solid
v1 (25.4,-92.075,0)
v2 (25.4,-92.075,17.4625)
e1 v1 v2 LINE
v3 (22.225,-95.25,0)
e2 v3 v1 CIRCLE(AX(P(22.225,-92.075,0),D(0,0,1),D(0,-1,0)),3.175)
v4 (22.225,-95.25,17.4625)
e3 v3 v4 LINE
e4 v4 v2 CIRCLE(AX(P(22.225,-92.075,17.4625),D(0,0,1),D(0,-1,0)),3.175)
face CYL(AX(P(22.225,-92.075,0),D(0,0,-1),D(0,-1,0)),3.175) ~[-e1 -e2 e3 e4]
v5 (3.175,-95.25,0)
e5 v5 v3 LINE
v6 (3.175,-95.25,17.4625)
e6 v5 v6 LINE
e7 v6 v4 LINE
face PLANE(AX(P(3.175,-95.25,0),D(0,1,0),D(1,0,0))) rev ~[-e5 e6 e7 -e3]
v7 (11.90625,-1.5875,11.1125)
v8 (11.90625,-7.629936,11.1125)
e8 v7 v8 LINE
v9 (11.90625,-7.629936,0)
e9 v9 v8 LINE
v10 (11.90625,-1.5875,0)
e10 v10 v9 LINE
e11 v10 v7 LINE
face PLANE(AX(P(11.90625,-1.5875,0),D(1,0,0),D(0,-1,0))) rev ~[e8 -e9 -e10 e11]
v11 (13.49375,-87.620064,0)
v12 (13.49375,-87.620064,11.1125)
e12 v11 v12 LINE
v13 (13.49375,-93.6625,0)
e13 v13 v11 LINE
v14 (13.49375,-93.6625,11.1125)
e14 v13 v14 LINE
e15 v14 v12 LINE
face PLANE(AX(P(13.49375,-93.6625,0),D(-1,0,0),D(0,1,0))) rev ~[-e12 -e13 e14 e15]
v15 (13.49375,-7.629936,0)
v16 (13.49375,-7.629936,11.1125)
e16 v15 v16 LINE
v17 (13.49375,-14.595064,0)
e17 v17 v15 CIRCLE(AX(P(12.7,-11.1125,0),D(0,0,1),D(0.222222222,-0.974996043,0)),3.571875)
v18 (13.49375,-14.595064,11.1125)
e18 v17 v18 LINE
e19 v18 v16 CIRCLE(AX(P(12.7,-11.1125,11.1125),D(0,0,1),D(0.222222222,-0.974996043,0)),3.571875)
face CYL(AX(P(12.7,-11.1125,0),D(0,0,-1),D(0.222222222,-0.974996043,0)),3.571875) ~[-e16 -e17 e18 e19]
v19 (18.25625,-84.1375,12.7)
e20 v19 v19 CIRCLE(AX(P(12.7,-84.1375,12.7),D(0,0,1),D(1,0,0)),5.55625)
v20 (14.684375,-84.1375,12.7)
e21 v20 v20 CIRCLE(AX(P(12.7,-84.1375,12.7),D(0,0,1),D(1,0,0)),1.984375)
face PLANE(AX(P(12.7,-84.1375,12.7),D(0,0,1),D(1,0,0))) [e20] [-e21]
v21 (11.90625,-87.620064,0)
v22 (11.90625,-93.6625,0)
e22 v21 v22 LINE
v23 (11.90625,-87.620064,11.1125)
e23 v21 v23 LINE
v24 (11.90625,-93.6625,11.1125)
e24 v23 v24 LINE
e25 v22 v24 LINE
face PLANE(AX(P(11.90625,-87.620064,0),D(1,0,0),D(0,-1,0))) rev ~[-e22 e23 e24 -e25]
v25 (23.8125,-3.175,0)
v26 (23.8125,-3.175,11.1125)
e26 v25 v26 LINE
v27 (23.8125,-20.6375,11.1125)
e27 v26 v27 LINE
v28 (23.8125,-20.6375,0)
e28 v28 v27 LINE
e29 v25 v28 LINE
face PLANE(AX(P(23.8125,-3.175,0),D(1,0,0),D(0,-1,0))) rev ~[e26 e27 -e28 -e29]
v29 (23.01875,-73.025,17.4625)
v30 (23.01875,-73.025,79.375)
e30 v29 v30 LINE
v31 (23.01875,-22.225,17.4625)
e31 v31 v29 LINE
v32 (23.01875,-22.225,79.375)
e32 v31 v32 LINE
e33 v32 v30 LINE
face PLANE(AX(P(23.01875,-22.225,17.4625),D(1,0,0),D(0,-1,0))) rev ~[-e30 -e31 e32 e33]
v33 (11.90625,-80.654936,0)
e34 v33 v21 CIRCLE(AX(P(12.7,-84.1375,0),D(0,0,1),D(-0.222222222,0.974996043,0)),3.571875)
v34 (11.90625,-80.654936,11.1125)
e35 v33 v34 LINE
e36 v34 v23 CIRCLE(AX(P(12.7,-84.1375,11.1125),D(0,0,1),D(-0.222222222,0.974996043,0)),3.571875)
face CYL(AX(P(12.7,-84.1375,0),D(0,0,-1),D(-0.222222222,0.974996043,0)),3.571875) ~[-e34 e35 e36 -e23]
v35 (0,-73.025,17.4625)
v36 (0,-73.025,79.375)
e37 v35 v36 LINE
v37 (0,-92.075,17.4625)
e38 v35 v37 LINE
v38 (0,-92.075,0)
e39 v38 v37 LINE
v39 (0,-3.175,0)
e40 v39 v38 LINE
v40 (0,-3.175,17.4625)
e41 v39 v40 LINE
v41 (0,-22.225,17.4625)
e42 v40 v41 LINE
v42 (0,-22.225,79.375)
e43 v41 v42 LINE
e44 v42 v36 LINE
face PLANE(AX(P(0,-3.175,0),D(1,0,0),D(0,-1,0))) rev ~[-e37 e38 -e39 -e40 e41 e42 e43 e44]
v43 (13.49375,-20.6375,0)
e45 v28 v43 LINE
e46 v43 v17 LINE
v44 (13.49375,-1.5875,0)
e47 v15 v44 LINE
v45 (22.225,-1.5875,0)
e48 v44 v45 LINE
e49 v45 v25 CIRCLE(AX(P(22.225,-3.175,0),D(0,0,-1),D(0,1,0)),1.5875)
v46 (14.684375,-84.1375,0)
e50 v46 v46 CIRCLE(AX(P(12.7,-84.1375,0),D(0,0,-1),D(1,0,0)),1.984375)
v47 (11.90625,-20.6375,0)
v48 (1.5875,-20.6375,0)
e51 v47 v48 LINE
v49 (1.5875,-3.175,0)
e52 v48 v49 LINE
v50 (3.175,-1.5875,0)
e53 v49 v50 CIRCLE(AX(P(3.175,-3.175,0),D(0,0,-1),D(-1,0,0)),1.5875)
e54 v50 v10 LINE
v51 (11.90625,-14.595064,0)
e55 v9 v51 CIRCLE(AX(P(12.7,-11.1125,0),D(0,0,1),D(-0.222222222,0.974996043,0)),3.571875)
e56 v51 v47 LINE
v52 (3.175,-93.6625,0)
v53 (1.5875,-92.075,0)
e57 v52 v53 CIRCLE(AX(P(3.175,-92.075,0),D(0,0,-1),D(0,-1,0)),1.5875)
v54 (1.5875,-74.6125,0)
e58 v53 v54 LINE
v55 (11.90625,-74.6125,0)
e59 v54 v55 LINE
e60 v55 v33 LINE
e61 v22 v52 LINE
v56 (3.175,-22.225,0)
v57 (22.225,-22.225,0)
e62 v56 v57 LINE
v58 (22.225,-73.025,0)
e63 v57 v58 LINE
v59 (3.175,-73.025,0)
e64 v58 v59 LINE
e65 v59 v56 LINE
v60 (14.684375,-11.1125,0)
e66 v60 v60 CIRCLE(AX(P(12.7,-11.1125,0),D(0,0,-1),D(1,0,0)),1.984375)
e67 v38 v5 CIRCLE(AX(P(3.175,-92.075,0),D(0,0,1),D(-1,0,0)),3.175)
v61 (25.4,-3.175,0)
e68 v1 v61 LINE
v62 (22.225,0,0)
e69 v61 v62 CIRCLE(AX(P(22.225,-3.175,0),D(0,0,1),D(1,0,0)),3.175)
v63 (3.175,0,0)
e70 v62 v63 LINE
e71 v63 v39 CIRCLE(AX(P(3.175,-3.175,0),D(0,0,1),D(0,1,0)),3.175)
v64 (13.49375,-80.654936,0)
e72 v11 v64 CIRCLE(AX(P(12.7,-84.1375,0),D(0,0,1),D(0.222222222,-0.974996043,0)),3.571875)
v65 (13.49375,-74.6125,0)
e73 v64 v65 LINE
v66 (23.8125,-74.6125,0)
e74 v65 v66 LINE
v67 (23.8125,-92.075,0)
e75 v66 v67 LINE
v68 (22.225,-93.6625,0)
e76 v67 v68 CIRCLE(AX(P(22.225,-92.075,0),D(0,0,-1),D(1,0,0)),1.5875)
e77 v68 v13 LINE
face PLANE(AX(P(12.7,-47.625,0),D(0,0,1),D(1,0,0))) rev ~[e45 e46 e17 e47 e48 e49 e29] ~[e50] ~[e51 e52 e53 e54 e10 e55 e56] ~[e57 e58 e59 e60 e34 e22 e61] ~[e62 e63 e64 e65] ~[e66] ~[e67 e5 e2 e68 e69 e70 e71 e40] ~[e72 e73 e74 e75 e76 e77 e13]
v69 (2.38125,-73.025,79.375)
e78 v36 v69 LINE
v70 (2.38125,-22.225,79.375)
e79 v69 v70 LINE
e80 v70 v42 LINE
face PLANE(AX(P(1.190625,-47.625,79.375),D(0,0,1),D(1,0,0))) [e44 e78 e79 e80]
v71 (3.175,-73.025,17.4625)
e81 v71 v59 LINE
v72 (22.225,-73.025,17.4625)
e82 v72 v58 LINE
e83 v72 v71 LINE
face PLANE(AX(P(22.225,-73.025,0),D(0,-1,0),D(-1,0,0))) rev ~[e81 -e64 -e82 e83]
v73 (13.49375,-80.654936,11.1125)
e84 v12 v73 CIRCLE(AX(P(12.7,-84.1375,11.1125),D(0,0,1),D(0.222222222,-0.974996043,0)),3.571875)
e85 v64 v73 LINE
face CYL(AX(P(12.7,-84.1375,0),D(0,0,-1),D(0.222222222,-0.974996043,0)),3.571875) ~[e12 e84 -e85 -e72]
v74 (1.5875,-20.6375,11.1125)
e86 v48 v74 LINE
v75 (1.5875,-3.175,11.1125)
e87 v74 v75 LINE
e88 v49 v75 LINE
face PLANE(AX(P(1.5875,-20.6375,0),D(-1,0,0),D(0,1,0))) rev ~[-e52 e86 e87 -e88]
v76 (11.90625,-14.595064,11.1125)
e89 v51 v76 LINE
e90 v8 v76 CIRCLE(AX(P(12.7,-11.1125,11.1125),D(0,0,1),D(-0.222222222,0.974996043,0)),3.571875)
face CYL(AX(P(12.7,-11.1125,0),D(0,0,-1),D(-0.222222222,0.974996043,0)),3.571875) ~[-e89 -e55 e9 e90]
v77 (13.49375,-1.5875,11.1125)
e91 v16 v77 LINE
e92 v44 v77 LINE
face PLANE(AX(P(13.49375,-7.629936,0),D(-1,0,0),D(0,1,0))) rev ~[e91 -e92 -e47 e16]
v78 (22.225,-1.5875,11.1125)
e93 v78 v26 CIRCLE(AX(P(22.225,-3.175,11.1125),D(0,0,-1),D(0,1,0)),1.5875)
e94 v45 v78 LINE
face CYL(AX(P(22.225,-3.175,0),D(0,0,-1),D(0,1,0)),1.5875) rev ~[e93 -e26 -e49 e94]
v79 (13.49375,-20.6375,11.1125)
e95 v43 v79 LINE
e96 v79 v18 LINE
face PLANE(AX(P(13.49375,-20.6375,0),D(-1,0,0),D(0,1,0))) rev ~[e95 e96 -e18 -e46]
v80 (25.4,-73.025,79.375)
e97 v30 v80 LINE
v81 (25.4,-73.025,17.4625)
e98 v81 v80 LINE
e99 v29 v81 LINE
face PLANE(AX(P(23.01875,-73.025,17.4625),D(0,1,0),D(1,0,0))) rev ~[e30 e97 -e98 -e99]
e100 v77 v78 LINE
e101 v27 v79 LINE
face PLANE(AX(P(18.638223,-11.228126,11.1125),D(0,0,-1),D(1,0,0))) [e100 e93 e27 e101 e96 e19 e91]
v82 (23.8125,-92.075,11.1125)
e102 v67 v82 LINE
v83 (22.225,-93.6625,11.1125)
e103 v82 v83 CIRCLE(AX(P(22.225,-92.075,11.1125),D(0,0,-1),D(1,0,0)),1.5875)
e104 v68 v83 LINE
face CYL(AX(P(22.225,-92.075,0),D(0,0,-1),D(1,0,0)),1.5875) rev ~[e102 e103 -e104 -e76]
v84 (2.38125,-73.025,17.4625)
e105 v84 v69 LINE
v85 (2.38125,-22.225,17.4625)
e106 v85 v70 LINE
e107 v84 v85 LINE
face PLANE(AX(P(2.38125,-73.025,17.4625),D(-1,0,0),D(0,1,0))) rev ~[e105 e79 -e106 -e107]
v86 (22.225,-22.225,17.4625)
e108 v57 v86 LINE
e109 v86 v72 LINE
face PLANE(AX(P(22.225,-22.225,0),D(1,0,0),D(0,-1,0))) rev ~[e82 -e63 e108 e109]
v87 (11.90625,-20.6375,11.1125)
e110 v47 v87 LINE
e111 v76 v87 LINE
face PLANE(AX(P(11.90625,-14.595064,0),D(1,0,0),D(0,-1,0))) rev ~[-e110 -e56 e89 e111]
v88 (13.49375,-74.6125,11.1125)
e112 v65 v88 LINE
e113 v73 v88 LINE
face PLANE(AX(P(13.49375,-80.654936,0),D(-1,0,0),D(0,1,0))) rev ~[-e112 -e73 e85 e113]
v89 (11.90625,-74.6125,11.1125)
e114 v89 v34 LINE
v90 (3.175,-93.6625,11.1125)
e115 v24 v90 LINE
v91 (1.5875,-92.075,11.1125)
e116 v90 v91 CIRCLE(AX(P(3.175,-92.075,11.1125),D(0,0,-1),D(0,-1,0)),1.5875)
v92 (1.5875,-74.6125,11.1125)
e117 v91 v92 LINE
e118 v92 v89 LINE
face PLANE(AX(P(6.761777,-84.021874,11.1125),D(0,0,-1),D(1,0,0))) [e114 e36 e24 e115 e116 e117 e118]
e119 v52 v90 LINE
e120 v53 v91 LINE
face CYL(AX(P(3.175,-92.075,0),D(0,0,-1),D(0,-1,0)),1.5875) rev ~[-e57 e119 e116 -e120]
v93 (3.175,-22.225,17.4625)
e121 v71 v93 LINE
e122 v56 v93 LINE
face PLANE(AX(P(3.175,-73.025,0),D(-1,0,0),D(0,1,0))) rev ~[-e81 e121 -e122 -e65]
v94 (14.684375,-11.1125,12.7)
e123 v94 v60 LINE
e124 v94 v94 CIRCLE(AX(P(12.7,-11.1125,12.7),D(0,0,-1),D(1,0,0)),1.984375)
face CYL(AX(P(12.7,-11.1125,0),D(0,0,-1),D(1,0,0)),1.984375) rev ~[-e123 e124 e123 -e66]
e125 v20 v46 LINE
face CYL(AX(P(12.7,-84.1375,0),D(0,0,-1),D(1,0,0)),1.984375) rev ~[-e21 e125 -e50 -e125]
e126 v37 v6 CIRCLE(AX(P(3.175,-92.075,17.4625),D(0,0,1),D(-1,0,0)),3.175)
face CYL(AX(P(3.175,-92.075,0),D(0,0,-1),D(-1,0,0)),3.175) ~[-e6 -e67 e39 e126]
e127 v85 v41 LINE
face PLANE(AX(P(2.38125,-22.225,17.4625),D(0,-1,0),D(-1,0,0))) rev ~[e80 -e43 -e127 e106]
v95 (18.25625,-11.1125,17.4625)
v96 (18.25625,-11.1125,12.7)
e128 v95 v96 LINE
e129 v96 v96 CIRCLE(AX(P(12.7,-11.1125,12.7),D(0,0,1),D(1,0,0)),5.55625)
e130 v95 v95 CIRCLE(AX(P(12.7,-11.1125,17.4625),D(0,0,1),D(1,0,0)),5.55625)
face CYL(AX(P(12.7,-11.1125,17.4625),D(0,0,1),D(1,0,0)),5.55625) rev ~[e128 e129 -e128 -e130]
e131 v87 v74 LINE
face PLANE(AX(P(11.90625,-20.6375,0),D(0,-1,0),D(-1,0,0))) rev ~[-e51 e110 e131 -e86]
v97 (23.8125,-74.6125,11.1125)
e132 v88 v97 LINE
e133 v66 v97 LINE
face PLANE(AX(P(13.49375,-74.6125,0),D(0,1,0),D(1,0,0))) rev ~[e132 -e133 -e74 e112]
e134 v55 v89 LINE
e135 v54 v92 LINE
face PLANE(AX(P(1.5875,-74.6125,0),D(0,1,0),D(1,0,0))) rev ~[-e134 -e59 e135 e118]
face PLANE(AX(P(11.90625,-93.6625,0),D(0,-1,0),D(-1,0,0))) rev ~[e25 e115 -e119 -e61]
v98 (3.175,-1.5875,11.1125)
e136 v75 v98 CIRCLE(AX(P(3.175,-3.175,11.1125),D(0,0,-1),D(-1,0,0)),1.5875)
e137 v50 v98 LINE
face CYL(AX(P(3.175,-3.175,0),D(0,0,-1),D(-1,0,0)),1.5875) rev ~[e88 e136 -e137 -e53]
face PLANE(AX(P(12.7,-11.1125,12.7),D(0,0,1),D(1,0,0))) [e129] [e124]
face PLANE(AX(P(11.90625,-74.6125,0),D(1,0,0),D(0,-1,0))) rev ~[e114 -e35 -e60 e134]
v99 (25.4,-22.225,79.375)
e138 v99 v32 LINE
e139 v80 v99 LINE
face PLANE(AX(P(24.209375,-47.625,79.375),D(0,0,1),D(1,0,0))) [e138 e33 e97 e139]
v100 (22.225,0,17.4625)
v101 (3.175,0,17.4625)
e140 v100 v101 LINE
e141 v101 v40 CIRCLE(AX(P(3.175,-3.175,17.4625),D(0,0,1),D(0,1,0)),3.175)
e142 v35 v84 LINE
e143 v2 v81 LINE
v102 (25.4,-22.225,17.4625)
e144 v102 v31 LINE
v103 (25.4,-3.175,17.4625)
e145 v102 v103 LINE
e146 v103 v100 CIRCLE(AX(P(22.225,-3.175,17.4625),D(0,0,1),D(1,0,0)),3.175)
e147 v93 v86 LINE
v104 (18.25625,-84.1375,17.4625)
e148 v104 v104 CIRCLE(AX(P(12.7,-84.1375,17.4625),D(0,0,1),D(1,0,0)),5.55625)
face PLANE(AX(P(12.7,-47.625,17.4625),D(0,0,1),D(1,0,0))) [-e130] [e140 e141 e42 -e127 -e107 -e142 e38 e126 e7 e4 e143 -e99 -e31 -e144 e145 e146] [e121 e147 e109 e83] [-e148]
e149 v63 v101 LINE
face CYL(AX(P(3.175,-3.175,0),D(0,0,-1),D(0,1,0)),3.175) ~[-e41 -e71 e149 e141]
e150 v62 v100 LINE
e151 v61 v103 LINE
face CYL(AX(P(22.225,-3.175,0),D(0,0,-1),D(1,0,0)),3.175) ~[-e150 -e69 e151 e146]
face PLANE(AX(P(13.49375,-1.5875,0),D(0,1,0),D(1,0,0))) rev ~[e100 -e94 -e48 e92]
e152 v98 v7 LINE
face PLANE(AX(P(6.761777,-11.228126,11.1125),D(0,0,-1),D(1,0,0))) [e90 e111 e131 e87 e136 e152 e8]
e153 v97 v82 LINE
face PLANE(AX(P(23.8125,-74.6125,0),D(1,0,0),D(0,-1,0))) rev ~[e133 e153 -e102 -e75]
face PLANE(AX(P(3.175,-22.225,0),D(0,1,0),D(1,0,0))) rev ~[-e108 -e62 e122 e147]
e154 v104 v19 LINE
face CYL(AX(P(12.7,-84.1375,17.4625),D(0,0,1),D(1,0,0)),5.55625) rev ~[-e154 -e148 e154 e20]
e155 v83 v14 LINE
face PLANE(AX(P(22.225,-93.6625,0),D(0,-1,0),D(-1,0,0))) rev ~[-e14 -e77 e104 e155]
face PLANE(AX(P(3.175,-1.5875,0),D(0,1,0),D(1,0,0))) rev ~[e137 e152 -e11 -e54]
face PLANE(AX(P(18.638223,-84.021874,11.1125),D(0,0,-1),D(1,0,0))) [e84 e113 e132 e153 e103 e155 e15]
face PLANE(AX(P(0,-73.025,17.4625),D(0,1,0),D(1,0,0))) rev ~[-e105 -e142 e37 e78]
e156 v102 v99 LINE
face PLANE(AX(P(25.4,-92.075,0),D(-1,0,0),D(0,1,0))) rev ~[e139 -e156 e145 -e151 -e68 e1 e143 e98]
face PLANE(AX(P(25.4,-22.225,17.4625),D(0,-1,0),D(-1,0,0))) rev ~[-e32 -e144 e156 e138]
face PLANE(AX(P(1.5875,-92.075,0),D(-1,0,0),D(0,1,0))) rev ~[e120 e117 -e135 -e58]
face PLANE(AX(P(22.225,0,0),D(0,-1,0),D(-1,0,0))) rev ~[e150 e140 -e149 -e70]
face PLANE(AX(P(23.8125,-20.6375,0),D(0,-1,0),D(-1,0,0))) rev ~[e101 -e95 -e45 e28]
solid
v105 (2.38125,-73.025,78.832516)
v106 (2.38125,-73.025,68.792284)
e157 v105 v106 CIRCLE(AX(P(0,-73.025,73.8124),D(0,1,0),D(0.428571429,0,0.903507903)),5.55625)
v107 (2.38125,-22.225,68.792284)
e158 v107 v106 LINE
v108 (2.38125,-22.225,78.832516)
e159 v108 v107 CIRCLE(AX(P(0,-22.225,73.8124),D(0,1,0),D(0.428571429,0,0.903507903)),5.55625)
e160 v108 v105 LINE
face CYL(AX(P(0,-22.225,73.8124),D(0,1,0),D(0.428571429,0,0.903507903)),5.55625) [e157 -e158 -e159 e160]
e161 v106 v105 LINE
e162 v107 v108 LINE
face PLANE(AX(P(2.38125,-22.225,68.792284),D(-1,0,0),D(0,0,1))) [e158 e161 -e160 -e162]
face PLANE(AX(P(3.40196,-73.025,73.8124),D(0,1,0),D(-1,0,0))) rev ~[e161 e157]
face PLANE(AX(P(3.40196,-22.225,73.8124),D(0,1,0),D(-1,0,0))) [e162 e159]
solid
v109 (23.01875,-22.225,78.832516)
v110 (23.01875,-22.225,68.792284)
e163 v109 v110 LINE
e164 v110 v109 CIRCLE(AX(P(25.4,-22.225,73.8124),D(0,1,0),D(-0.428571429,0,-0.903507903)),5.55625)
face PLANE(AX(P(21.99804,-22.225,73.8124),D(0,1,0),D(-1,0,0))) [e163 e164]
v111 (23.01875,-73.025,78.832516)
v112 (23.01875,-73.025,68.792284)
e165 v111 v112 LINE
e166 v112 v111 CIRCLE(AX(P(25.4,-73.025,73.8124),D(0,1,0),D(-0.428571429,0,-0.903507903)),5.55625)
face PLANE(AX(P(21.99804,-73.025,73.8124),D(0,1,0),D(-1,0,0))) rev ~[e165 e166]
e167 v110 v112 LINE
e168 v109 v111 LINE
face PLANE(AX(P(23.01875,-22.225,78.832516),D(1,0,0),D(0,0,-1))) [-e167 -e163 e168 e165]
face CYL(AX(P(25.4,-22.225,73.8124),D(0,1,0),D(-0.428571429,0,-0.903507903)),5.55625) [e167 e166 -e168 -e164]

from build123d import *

# Parameters (mm, degrees)
F1_DEPTH  = 17.4625
F3_DEPTH  = 61.9125
F4_R      = 1.984375
F5_DEPTH  = 79.376
F7_DEPTH  = 50.8
F8_DEPTH  = 3.175
F9_R      = 1.984375
F10_DEPTH = 11.1125
F11_R     = 5.55625
F11_R_2   = 1.984375
F12_DEPTH = 4.7625


with BuildPart() as f1:
    # F0 (on Top) → F1 (new body)
    with BuildSketch(Plane.XY):
        with BuildLine():
            Line((22.225, 0), (3.175, 0))
            ThreePointArc((3.175, 0), (0.9299359697, -0.9299359697), (0, -3.175))
            Line((0, -3.175), (0, -92.075))
            ThreePointArc((0, -92.075), (0.9299359697, -94.3200640303), (3.175, -95.25))
            Line((3.175, -95.25), (22.225, -95.25))
            ThreePointArc((22.225, -95.25), (24.4700640303, -94.3200640303), (25.4, -92.075))
            Line((25.4, -92.075), (25.4, -3.175))
            ThreePointArc((25.4, -3.175), (24.4700640303, -0.9299359697), (22.225, 0))
        make_face()
        Polygon((3.175, -22.225), (12.7, -22.225), (22.225, -22.225), (22.225, -47.625), (22.225, -73.025), (12.7, -73.025), (3.175, -73.025), (3.175, -47.625), align=None, mode=Mode.SUBTRACT)
    extrude(amount=F1_DEPTH)

    # F2 (on face) → F3 (join)
    with BuildSketch(Plane.XY.offset(17.4625)):
        Polygon((2.38125, -47.625), (2.38125, -22.225), (0, -22.225), (0, -47.625), (0, -73.025), (2.38125, -73.025), align=None)
        Polygon((25.4, -47.625), (25.4, -22.225), (23.01875, -22.225), (23.01875, -47.625), (23.01875, -73.025), (25.4, -73.025), align=None)
    extrude(amount=F3_DEPTH)

    # F4 (on face) → F5 (cut, through all)
    with BuildSketch(Plane(origin=(0, 0, 0), x_dir=(1, 0, 0), z_dir=(0, 0, -1))):
        with Locations((12.7, 11.1125)):
            Circle(F4_R)
        with Locations((12.7, 84.1375)):
            Circle(F4_R)
    extrude(amount=-F5_DEPTH, mode=Mode.SUBTRACT)

    # F0 (on Top) → F8 (cut)
    with BuildSketch(Plane.XY):
        Polygon((22.225, -22.225), (12.7, -22.225), (3.175, -22.225), (3.175, -47.625), (3.175, -73.025), (12.7, -73.025), (22.225, -73.025), (22.225, -47.625), align=None)
    extrude(amount=F8_DEPTH, mode=Mode.SUBTRACT)

    # F9 (on face) → F10 (cut)
    with BuildSketch(Plane(origin=(0, 0, 0), x_dir=(1, 0, 0), z_dir=(0, 0, -1))):
        with Locations((12.7, 11.1125)):
            Circle(F9_R)
        with Locations((12.7, 84.1375)):
            Circle(F9_R)
        with BuildLine():
            Line((23.8125, 3.175), (23.8125, 20.6375))
            Line((23.8125, 20.6375), (13.49375, 20.6375))
            Line((13.49375, 20.6375), (13.49375, 14.5950639912))
            ThreePointArc((13.49375, 14.5950639912), (16.271875, 11.1125), (13.49375, 7.6299360088))
            Line((13.49375, 7.6299360088), (13.49375, 1.5875))
            Line((13.49375, 1.5875), (22.225, 1.5875))
            ThreePointArc((22.225, 1.5875), (23.3475320151, 2.0524679849), (23.8125, 3.175))
        make_face()
        with BuildLine():
            Line((22.225, 93.6625), (13.49375, 93.6625))
            Line((13.49375, 93.6625), (13.49375, 87.6200639912))
            ThreePointArc((13.49375, 87.6200639912), (16.271875, 84.1375), (13.49375, 80.6549360088))
            Line((13.49375, 80.6549360088), (13.49375, 74.6125))
            Line((13.49375, 74.6125), (23.8125, 74.6125))
            Line((23.8125, 74.6125), (23.8125, 92.075))
            ThreePointArc((23.8125, 92.075), (23.3475320151, 93.1975320151), (22.225, 93.6625))
        make_face()
        with BuildLine():
            ThreePointArc((11.90625, 80.6549360088), (9.128125, 84.1375), (11.90625, 87.6200639912))
            Line((11.90625, 87.6200639912), (11.90625, 93.6625))
            Line((11.90625, 93.6625), (3.175, 93.6625))
            ThreePointArc((3.175, 93.6625), (2.0524679849, 93.1975320151), (1.5875, 92.075))
            Line((1.5875, 92.075), (1.5875, 74.6125))
            Line((1.5875, 74.6125), (11.90625, 74.6125))
            Line((11.90625, 74.6125), (11.90625, 80.6549360088))
        make_face()
        with BuildLine():
            Line((11.90625, 20.6375), (1.5875, 20.6375))
            Line((1.5875, 20.6375), (1.5875, 3.175))
            ThreePointArc((1.5875, 3.175), (2.0524679849, 2.0524679849), (3.175, 1.5875))
            Line((3.175, 1.5875), (11.90625, 1.5875))
            Line((11.90625, 1.5875), (11.90625, 7.6299360088))
            ThreePointArc((11.90625, 7.6299360088), (9.128125, 11.1125), (11.90625, 14.5950639912))
            Line((11.90625, 14.5950639912), (11.90625, 20.6375))
        make_face()
    extrude(amount=-F10_DEPTH, mode=Mode.SUBTRACT)

    # F11 (on face) → F12 (cut)
    with BuildSketch(Plane.XY.offset(17.4625)):
        with Locations((12.7, -84.1375)):
            Circle(F11_R)
        with Locations((12.7, -84.1375)):
            Circle(F11_R_2, mode=Mode.SUBTRACT)
        with Locations((12.7, -11.1125)):
            Circle(F11_R)
        with Locations((12.7, -11.1125)):
            Circle(F11_R_2, mode=Mode.SUBTRACT)
        with Locations((12.7, -11.1125)):
            Circle(F11_R_2)
    extrude(amount=-F12_DEPTH, mode=Mode.SUBTRACT)


with BuildPart() as f7:
    # F6 (on face) → F7 (new body)
    with BuildSketch(Plane(origin=(0, -22.225, 0), x_dir=(-1, 0, 0), z_dir=(0, 1, 0))):
        with BuildLine():
            ThreePointArc((-23.01875, 68.7922842145), (-19.84375, 73.8124), (-23.01875, 78.8325157855))
            Line((-23.01875, 78.8325157855), (-23.01875, 68.7922842145))
        make_face()
    extrude(amount=-F7_DEPTH)


with BuildPart() as f7b:
    # F6 (on face) → F7, piece 2 (new body)
    with BuildSketch(Plane(origin=(0, -22.225, 0), x_dir=(-1, 0, 0), z_dir=(0, 1, 0))):
        with BuildLine():
            Line((-2.38125, 68.7922842145), (-2.38125, 78.8325157855))
            ThreePointArc((-2.38125, 78.8325157855), (-5.55625, 73.8124), (-2.38125, 68.7922842145))
        make_face()
    extrude(amount=-F7_DEPTH)


solid = Compound([f1.part, f7.part, f7b.part])
